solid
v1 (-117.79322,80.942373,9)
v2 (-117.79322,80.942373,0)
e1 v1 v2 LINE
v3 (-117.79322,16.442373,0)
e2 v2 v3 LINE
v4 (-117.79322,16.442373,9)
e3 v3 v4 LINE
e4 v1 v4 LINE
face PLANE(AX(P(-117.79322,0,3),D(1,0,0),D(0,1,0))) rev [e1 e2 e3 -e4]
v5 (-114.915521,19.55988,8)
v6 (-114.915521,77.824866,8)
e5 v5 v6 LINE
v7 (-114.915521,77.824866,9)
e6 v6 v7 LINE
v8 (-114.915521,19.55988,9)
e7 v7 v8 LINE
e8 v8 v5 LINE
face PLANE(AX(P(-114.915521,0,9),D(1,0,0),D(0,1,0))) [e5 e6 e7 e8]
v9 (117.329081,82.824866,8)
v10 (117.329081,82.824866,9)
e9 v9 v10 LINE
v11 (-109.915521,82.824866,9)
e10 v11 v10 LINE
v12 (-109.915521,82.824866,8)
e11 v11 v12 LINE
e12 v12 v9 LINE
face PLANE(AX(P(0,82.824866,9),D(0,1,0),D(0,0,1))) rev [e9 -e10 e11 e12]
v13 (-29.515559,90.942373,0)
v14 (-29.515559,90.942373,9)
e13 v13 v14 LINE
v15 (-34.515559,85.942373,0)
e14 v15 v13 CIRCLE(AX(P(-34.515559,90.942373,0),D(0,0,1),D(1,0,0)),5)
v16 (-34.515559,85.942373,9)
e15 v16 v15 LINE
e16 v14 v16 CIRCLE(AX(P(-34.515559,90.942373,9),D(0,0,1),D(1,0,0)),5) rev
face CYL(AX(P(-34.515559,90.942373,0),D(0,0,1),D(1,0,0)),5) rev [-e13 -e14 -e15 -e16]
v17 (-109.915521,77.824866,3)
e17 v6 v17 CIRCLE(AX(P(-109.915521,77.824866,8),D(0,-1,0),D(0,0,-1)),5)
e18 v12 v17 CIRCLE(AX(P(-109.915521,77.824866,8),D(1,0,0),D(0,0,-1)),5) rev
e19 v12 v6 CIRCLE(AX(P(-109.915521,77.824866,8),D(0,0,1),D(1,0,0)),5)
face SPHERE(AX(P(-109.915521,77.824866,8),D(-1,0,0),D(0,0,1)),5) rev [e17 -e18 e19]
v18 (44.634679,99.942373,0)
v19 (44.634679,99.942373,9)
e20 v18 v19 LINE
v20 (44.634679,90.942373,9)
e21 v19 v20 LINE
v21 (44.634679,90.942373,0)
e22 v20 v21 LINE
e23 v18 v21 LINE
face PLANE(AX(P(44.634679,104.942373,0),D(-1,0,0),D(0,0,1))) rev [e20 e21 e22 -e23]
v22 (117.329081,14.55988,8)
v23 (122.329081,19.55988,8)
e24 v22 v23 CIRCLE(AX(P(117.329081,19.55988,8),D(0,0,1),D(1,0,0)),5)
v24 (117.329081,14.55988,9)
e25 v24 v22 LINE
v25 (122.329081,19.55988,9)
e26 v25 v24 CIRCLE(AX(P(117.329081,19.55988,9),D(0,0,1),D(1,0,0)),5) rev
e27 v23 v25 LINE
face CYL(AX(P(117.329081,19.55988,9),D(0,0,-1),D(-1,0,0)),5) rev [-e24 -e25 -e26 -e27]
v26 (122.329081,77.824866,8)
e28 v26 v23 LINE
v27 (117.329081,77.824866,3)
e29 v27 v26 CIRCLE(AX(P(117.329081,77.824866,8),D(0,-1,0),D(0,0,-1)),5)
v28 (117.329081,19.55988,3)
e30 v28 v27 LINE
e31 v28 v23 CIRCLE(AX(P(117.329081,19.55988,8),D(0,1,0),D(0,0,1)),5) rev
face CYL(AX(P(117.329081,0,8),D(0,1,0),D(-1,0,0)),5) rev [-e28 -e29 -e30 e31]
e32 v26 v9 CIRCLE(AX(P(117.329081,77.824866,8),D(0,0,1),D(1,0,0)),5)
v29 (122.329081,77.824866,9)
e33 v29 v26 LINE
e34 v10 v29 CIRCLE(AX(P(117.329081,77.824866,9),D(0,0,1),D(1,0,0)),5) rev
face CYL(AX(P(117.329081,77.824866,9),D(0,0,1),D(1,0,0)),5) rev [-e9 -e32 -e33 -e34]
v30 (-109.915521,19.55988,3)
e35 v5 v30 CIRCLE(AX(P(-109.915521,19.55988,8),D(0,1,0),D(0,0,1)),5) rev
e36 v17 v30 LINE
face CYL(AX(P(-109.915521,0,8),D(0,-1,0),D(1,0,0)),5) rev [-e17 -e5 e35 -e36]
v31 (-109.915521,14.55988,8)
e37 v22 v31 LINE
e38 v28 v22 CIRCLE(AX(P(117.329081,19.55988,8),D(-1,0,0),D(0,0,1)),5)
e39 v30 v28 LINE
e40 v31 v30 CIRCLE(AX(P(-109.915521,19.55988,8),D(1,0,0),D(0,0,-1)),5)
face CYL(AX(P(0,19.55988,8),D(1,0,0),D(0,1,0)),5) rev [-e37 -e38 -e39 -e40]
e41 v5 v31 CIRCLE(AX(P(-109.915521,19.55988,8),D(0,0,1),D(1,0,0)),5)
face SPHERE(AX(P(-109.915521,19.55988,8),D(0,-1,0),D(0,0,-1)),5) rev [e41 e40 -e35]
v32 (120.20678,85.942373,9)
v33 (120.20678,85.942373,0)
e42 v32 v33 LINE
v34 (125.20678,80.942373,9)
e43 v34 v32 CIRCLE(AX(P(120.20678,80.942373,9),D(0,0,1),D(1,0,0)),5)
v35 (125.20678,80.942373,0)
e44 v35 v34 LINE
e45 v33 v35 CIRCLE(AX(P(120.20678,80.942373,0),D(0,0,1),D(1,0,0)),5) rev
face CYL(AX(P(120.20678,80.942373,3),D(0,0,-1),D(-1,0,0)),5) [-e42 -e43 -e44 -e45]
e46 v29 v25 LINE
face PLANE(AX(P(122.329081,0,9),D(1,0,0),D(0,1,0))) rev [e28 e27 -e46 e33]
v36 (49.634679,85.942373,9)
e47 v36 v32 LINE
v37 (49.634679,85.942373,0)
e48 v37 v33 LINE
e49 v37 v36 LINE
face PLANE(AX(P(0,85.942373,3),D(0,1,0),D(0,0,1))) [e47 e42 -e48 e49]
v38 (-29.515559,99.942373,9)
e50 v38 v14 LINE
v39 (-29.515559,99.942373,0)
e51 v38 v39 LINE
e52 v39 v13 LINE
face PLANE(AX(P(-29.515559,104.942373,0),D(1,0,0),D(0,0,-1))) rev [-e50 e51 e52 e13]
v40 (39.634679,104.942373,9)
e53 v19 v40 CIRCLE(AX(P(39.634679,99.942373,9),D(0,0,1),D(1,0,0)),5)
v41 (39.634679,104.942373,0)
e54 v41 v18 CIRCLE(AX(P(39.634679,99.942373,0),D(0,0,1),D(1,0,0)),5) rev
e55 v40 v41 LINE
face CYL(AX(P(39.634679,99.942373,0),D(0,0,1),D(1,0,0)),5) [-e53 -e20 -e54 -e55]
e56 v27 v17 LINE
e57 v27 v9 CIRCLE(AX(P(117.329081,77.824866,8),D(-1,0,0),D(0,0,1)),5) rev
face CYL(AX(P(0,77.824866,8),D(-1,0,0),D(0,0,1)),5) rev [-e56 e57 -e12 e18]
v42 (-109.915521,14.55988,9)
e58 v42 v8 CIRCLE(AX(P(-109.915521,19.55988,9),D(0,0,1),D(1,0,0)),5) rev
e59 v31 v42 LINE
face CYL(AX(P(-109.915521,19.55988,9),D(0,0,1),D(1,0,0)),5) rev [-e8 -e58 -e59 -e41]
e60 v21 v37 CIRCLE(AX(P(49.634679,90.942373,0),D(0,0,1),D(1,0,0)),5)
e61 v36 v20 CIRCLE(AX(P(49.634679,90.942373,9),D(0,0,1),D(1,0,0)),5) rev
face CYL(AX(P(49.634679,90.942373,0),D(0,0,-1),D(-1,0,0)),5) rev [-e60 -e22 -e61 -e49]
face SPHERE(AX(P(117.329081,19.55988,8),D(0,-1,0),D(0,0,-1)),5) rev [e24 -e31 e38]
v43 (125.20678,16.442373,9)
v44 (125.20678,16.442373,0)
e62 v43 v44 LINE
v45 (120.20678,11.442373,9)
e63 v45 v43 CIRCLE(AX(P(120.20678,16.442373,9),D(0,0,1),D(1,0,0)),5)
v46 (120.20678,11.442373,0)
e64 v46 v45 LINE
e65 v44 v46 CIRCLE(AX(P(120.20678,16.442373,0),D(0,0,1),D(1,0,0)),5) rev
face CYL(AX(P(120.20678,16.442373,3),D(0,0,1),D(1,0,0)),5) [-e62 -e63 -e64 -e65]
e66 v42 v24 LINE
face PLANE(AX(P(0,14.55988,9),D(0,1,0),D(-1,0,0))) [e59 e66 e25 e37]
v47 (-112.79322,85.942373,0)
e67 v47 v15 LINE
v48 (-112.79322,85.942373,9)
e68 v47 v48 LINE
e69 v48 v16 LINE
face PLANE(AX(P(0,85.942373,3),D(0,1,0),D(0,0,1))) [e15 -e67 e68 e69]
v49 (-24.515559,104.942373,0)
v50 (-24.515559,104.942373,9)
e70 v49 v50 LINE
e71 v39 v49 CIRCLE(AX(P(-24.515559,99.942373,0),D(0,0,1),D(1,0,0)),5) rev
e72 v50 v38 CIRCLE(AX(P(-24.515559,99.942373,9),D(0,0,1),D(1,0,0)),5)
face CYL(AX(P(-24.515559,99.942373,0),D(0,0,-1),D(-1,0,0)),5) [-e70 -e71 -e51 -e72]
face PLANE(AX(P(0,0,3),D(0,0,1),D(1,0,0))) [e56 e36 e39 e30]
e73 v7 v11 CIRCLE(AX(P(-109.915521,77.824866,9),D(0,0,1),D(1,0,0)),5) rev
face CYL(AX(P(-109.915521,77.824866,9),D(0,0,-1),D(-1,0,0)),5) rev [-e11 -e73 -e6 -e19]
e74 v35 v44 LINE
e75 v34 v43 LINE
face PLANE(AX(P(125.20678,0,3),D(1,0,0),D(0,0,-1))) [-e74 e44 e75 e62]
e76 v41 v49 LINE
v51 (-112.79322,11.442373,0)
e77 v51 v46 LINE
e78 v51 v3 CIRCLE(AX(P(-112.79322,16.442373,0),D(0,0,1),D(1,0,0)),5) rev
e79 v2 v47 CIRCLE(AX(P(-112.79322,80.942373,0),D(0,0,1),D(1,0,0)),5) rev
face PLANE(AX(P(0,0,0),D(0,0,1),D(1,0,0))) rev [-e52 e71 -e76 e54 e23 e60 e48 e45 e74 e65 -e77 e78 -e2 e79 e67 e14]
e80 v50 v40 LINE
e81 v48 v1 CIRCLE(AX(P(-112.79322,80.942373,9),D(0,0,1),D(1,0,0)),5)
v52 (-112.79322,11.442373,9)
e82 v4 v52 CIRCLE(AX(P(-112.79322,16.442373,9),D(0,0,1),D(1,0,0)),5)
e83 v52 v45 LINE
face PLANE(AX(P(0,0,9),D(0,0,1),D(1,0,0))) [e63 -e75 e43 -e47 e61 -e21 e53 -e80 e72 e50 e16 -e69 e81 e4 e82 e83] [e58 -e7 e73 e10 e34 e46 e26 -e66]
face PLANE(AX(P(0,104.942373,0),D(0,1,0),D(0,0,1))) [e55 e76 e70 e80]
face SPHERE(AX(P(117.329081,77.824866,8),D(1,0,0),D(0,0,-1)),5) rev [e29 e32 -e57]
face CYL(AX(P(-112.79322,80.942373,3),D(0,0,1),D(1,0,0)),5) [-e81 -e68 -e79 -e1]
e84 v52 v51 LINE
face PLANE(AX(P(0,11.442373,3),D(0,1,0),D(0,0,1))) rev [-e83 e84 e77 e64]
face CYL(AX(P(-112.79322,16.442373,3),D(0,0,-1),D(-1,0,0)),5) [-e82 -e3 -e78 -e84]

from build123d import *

# Parameters (mm, degrees)
SKETCH2_W           = 243
SKETCH2_H           = 74.5
BOSS_EXTRUDE1_DEPTH = 3
SKETCH2_3_W         = 243
SKETCH2_3_H         = 74.5
SKETCH2_3_W_2       = 237.244602054
SKETCH2_3_H_2       = 68.264985558
BOSS_EXTRUDE2_DEPTH = 9
SKETCH3_W           = 74.150238013
SKETCH3_H           = 9
BOSS_EXTRUDE4_DEPTH = 19
FILLET1_R           = 5


with BuildPart() as part:
    # Sketch2 → Boss-Extrude1 (new body)
    with BuildSketch(Plane.XY):
        with Locations((3.706779661, 48.692372881)):
            Rectangle(SKETCH2_W, SKETCH2_H)
    extrude(amount=BOSS_EXTRUDE1_DEPTH)

    # Sketch2<3> → Boss-Extrude2 (add)
    with BuildSketch(Plane.XY):
        with Locations((3.706779661, 48.692372881)):
            Rectangle(SKETCH2_3_W, SKETCH2_3_H)
        with Locations((3.706779661, 48.692372881)):
            Rectangle(SKETCH2_3_W_2, SKETCH2_3_H_2, mode=Mode.SUBTRACT)
    extrude(amount=BOSS_EXTRUDE2_DEPTH)

    # Sketch3 → Boss-Extrude4 (add)
    with BuildSketch(Plane(origin=(0, 85.942372881, 0), x_dir=(1, 0, 0), z_dir=(0, 1, 0))):
        with Locations((7.559560342, -4.5)):
            Rectangle(SKETCH3_W, SKETCH3_H)
    extrude(amount=BOSS_EXTRUDE4_DEPTH)

    # Fillet1
    fillet1_edges = [part.edges().sort_by_distance(p)[0] for p in [
        (3.706779661, 82.82486566, 3),
        (-114.915521366, 48.692372881, 3),
        (3.706779661, 14.559880102, 3),
        (122.329080688, 48.692372881, 3),
        (44.634679348, 85.942372881, 4.5),
        (-29.515558665, 85.942372881, 4.5),
        (-29.515558665, 104.942372881, 4.5),
        (44.634679348, 104.942372881, 4.5),
        (122.329080688, 82.82486566, 6),
        (125.206779661, 85.942372881, 4.5),
        (122.329080688, 14.559880102, 6),
        (125.206779661, 11.442372881, 4.5),
        (-114.915521366, 14.559880102, 6),
        (-114.915521366, 82.82486566, 6),
        (-117.793220339, 11.442372881, 4.5),
        (-117.793220339, 85.942372881, 4.5),
    ]]
    fillet(fillet1_edges, radius=FILLET1_R)


solid = part.part
